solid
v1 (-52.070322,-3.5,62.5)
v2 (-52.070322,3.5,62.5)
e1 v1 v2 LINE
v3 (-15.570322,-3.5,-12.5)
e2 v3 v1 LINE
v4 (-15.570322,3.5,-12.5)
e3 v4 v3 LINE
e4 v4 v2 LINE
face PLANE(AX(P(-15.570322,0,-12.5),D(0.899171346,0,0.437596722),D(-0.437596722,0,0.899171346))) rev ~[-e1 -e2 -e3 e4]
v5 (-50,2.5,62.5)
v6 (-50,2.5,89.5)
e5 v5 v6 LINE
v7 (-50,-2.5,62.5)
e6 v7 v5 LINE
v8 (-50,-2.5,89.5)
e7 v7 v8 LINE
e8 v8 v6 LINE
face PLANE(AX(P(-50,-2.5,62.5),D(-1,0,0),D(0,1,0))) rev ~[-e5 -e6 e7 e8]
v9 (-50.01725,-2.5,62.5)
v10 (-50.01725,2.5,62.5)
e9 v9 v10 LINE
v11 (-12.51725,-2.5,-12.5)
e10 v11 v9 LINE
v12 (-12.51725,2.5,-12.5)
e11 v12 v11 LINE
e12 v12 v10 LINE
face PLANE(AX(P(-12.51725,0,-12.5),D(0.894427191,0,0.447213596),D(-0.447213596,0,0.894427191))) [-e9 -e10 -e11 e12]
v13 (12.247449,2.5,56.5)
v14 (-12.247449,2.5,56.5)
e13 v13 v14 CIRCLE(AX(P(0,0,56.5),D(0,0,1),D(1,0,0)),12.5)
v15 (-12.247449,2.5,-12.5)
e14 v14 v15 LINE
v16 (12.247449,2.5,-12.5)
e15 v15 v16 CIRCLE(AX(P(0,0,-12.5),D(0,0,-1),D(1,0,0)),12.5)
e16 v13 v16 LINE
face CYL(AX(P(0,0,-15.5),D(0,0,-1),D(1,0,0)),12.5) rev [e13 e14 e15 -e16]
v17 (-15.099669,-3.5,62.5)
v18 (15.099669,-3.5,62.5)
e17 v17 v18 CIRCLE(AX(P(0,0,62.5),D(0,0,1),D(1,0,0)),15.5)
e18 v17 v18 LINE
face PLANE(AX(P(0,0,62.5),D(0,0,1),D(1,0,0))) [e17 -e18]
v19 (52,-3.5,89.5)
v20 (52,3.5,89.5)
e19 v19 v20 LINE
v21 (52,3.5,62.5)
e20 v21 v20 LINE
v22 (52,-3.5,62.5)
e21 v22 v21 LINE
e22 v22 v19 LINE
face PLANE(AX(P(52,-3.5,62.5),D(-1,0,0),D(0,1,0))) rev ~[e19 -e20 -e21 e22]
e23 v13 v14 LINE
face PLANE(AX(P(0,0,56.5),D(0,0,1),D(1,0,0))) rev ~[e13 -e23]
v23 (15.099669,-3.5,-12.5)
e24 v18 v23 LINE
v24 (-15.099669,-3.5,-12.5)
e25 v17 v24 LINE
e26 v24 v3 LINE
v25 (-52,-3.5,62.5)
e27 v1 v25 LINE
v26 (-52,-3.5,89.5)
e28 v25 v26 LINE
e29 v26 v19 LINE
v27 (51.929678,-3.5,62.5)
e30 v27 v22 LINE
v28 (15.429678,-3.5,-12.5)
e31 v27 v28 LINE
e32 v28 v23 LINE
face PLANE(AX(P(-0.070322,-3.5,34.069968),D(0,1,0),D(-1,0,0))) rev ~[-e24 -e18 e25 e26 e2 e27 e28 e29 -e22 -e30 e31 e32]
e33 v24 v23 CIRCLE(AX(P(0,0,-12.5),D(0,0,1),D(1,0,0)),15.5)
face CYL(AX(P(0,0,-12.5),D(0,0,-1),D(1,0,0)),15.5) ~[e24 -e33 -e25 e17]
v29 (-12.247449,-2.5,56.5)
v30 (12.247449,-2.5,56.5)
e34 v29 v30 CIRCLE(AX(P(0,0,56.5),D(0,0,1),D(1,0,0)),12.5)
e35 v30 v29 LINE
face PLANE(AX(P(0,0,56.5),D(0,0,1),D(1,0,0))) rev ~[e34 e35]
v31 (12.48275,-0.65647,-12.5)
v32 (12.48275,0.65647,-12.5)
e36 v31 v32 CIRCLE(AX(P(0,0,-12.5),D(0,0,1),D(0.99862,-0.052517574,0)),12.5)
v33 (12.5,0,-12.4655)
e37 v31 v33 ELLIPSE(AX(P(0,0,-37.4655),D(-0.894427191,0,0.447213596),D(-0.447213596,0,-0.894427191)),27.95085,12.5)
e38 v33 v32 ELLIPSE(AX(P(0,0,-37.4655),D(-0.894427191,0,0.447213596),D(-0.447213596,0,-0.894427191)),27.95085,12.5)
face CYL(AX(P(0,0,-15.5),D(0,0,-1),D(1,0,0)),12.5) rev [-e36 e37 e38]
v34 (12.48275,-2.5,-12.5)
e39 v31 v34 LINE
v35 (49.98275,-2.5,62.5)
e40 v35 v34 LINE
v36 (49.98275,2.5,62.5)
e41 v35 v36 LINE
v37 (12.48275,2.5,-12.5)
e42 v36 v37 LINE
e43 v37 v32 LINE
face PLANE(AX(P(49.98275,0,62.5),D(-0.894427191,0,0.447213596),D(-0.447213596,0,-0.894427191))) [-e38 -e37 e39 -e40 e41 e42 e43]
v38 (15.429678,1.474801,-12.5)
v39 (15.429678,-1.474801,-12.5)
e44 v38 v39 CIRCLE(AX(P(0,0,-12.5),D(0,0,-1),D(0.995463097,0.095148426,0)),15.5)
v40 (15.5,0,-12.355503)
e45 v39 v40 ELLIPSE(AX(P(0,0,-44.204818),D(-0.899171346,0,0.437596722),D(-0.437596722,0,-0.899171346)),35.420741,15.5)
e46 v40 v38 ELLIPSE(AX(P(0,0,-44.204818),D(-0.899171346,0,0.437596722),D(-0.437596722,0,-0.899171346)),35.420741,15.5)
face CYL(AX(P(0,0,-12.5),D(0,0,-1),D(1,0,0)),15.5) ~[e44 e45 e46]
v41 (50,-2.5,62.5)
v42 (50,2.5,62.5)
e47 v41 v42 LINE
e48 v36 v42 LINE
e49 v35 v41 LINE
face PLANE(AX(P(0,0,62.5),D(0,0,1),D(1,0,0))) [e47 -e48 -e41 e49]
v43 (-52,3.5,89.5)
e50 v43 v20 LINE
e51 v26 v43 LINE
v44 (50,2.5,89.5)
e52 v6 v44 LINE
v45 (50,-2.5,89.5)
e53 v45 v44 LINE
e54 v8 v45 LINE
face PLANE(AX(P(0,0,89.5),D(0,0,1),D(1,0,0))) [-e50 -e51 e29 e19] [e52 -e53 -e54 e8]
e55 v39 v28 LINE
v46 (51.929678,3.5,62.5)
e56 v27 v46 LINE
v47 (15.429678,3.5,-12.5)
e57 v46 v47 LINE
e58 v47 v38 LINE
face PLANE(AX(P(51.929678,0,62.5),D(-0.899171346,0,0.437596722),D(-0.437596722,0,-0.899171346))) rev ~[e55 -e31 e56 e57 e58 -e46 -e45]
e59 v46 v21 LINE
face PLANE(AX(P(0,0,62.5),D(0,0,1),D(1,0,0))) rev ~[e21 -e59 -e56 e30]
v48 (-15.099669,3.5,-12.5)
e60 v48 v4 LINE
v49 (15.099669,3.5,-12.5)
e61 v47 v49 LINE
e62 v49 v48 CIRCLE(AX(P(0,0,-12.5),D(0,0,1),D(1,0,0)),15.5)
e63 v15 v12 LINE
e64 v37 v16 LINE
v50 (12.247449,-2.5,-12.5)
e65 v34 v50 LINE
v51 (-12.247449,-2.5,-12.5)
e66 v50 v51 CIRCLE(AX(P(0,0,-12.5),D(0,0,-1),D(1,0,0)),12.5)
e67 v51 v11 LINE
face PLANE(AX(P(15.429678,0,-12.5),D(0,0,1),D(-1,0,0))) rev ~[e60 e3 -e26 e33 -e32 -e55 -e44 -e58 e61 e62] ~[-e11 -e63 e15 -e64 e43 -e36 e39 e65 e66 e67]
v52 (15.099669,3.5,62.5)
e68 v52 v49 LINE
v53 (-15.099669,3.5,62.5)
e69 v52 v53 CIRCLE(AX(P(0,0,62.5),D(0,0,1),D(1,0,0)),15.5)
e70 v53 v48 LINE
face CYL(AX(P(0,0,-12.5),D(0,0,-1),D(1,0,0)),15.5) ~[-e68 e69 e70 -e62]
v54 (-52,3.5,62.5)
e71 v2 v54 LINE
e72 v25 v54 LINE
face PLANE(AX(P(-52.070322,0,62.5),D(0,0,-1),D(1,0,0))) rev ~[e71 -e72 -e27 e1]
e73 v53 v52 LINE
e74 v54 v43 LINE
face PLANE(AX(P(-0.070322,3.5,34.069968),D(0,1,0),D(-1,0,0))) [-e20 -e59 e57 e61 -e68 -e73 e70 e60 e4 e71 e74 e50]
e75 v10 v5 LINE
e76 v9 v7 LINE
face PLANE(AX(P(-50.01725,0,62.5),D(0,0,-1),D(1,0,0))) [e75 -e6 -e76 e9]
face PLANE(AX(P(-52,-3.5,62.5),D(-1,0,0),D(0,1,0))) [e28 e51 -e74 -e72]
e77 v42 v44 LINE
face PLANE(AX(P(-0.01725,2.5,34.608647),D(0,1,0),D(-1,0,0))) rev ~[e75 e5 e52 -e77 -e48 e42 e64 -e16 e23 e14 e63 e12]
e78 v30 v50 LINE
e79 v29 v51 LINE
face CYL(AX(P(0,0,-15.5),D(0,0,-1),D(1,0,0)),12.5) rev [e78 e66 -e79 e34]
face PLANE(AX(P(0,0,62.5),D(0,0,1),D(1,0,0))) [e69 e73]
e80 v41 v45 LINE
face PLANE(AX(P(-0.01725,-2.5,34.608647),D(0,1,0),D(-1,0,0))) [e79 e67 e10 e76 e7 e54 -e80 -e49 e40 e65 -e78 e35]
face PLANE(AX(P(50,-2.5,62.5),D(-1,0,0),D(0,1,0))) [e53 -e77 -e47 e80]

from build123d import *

# Parameters (mm, degrees)
BOX_W             = 100
BOX_H             = 5
BOX_DEPTH         = 27
PAD_DEPTH         = 2.5
CYLINDER_R        = 12.5
CYLINDER_DEPTH    = 72
BOX001_W          = 104
BOX001_H          = 7
BOX001_DEPTH      = 27
PAD001_DEPTH      = 3.5
CYLINDER001_R     = 15.5
CYLINDER001_DEPTH = 75


with BuildPart() as tip_hole:
    # Box → Box (new body)
    with BuildSketch(Plane(origin=(-50, -2.5, 62.5), x_dir=(1, 0, 0), z_dir=(0, 0, 1))):
        with Locations((50, 2.5)):
            Rectangle(BOX_W, BOX_H)
    extrude(amount=BOX_DEPTH)


with BuildPart() as internal_duct:
    # Sketch → Pad (new body, symmetric)
    with BuildSketch(Plane(origin=(-68, 0, -12.5), x_dir=(1, 0, 0), z_dir=(0, -1, 0))):
        Polygon((55.48275, 0), (17.98275, 75), (117.98275, 75), (80.48275, 0), align=None)
    extrude(amount=PAD_DEPTH, both=True)


with BuildPart() as holes:
    # Cylinder → Cylinder (new body)
    with BuildSketch(Plane.XY.offset(-15.5)):
        Circle(CYLINDER_R)
    extrude(amount=CYLINDER_DEPTH)

    # Fusion: union tip hole, internal duct
    add(tip_hole.part)
    add(internal_duct.part)


with BuildPart() as tip_body:
    # Box001 → Box001 (new body)
    with BuildSketch(Plane(origin=(-52, -3.5, 62.5), x_dir=(1, 0, 0), z_dir=(0, 0, 1))):
        with Locations((52, 3.5)):
            Rectangle(BOX001_W, BOX001_H)
    extrude(amount=BOX001_DEPTH)


with BuildPart() as internal_duct_wall:
    # Sketch001 → Pad001 (new body, symmetric)
    with BuildSketch(Plane(origin=(-65.5, 0, -12.5), x_dir=(1, 0, 0), z_dir=(0, -1, 0))):
        Polygon((49.929678, 0), (13.429678, 75), (117.429678, 75), (80.929678, 0), align=None)
    extrude(amount=PAD001_DEPTH, both=True)


with BuildPart() as body_with_holes:
    # Cylinder001 → Cylinder001 (new body)
    with BuildSketch(Plane.XY.offset(-12.5)):
        Circle(CYLINDER001_R)
    extrude(amount=CYLINDER001_DEPTH)

    # Fusion001: union tip body, internal duct wall
    add(tip_body.part)
    add(internal_duct_wall.part)

    # Cut: cut Holes
    add(holes.part, mode=Mode.SUBTRACT)


solid = body_with_holes.part
